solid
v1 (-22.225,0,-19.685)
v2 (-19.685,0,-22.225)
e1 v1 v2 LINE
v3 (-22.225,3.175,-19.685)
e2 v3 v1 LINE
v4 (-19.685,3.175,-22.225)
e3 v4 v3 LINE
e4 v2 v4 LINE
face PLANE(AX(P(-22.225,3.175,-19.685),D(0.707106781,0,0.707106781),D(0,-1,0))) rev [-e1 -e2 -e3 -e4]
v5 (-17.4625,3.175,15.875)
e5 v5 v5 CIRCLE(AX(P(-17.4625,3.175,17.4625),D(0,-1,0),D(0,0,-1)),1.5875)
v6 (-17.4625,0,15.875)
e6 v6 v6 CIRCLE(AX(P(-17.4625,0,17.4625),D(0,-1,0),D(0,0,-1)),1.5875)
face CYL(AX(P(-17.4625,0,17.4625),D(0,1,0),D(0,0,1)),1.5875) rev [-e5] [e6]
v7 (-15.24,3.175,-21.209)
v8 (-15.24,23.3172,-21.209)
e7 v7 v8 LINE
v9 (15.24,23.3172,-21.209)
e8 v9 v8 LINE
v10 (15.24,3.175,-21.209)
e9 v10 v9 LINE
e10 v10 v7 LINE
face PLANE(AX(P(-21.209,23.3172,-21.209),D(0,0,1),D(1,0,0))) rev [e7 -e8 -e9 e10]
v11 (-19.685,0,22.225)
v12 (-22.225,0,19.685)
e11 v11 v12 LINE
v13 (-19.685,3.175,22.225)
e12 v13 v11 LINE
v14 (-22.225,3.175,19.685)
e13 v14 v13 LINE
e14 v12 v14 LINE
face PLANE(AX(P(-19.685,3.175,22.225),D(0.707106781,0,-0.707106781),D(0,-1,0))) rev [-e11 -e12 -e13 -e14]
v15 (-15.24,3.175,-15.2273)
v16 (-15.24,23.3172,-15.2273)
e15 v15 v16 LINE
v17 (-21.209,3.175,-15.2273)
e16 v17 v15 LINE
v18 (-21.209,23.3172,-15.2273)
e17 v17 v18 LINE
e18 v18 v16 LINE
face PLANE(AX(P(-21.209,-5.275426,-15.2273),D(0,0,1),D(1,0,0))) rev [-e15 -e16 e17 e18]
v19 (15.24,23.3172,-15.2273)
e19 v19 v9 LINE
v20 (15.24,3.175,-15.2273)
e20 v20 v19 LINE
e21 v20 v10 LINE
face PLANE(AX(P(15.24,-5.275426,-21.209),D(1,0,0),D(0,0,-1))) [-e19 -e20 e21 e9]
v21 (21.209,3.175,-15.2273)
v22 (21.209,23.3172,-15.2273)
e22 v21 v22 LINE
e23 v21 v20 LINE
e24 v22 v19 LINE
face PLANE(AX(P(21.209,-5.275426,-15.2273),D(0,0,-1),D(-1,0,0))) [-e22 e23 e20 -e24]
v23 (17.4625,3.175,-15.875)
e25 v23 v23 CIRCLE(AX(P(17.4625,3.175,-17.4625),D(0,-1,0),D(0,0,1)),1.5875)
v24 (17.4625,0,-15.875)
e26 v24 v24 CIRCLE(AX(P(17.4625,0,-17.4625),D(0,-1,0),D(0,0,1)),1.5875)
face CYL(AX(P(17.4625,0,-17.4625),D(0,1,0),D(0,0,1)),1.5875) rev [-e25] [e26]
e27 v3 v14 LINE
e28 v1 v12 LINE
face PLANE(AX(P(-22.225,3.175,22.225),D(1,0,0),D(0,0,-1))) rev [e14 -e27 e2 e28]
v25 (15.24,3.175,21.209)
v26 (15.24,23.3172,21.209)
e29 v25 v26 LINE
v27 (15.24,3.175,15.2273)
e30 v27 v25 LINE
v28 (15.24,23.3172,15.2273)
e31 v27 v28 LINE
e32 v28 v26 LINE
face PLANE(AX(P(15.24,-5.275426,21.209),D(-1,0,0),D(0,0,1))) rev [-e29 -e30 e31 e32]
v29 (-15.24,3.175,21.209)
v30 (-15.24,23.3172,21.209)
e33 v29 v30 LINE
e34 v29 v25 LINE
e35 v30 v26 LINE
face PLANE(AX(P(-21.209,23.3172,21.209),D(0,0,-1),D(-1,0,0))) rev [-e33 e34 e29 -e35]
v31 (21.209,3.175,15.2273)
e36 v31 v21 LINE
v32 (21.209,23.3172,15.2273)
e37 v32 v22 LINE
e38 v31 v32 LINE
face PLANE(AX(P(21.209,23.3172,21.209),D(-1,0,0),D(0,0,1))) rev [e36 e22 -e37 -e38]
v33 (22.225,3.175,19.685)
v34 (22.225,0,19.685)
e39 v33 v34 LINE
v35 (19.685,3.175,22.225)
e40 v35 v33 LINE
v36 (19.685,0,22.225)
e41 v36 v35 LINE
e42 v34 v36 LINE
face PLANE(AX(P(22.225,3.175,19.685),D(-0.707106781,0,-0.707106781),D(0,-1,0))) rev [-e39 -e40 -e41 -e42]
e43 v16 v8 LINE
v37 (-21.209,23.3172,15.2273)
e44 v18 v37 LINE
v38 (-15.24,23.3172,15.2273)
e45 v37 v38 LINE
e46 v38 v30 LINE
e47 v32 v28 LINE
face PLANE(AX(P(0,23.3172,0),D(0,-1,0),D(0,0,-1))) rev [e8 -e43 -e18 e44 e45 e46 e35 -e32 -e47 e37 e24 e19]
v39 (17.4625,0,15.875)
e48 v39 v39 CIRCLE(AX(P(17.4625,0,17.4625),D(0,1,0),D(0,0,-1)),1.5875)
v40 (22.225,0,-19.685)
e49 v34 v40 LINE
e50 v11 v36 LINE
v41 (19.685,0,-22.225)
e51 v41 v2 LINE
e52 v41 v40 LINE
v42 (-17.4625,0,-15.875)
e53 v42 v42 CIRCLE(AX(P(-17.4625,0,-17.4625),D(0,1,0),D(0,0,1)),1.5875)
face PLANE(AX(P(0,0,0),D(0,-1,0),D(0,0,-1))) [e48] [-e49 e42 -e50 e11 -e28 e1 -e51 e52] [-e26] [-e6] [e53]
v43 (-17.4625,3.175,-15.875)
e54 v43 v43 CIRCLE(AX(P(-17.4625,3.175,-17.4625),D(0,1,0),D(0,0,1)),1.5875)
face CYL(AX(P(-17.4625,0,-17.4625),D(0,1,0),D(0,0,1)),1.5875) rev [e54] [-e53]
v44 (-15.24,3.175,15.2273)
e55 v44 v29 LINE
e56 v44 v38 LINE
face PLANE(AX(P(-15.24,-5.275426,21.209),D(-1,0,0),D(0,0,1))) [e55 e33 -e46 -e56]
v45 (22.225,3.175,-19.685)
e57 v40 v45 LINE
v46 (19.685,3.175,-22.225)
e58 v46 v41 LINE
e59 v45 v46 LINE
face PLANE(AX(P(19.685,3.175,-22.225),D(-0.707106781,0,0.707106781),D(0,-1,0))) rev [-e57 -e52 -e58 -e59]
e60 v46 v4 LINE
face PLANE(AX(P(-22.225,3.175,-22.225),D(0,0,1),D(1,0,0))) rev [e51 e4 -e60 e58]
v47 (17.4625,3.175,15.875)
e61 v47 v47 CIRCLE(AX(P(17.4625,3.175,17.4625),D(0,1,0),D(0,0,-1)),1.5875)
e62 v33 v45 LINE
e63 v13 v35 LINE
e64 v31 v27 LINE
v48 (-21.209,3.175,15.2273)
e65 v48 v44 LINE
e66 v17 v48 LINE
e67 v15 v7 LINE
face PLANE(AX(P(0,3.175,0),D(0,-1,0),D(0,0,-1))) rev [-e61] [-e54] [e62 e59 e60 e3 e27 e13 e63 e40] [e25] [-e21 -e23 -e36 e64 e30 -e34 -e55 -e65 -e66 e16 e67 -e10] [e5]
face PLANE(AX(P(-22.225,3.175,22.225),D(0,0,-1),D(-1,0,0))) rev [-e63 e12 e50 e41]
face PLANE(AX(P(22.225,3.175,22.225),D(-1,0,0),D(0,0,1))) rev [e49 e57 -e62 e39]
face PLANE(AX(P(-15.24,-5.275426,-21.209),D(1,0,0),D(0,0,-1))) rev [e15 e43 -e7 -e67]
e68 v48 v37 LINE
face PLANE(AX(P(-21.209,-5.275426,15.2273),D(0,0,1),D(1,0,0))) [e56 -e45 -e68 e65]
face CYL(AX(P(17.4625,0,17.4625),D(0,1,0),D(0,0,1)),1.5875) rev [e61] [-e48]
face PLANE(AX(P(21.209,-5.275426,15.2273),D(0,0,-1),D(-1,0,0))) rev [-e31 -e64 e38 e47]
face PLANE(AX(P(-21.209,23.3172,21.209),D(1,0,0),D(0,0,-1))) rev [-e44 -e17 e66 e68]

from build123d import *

# Parameters (mm, degrees)
SKETCH2_W                                  = 44.45
SKETCH2_H                                  = 44.45
BOSS_EXTRUDE1_DEPTH                        = 3.175
CHAMFER1_SIZE                              = 2.54
SKETCH3_R                                  = 1.5875
CUT_EXTRUDE1_DEPTH                         = 4.175
MIRROR2_COPY_1_SKETCH_R                    = 1.5875
MIRROR2_COPY_1_DEPTH                       = 4.175
SKETCH4_W                                  = 42.418
SKETCH4_H                                  = 42.418
BOSS_EXTRUDE2_DEPTH                        = 20.1422
SKETCH5_W                                  = 5.969
SKETCH5_H                                  = 5.9817
CUT_EXTRUDE2_DEPTH                         = 20.1422
MIRROR3_AT_THE_SECOND_PLANE_COPY_1_SKETC_W = 5.969
MIRROR3_AT_THE_SECOND_PLANE_COPY_1_SKETC_H = 5.9817
MIRROR3_AT_THE_SECOND_PLANE_COPY_1_DEPTH   = 20.1422


with BuildPart() as part:
    # Sketch2 → Boss-Extrude1 (new body)
    with BuildSketch(Plane(origin=(0, 0, 0), x_dir=(1, 0, 0), z_dir=(0, 1, 0))):
        Rectangle(SKETCH2_W, SKETCH2_H)
    extrude(amount=BOSS_EXTRUDE1_DEPTH)

    # Chamfer1
    chamfer1_edges = [part.edges().sort_by_distance(p)[0] for p in [
        (22.225, 1.5875, 22.225),
        (-22.225, 1.5875, 22.225),
        (-22.225, 1.5875, -22.225),
        (22.225, 1.5875, -22.225),
    ]]
    chamfer(chamfer1_edges, length=CHAMFER1_SIZE)

    # Sketch3 → Cut-Extrude1 (cut, through all)
    with BuildSketch(Plane(origin=(0, 3.175, 0), x_dir=(1, 0, 0), z_dir=(0, 1, 0))):
        with Locations((-17.4625, 17.4625)):
            Circle(SKETCH3_R)
    cut_extrude1 = extrude(amount=-CUT_EXTRUDE1_DEPTH, mode=Mode.SUBTRACT)

    # Mirror1: Cut-Extrude1 across plane
    add(cut_extrude1.mirror(Plane(origin=(0, 0, 0), x_dir=(0, 0, 1), z_dir=(1, 0, 0))), mode=Mode.SUBTRACT)

    # Mirror2: Cut-Extrude1 across plane
    add(cut_extrude1.mirror(Plane.XY), mode=Mode.SUBTRACT)

    # Mirror2 copy 1 sketch → Mirror2 copy 1 (cut, through all)
    with BuildSketch(Plane(origin=(0, 3.175, 0), x_dir=(-1, 0, 0), z_dir=(0, 1, 0))):
        with Locations((-17.4625, 17.4625)):
            Circle(MIRROR2_COPY_1_SKETCH_R)
    extrude(amount=-MIRROR2_COPY_1_DEPTH, mode=Mode.SUBTRACT)

    # Sketch4 → Boss-Extrude2 (add)
    with BuildSketch(Plane(origin=(0, 3.175, 0), x_dir=(1, 0, 0), z_dir=(0, 1, 0))):
        Rectangle(SKETCH4_W, SKETCH4_H)
    extrude(amount=BOSS_EXTRUDE2_DEPTH)

    # Sketch5 → Cut-Extrude2 (cut)
    with BuildSketch(Plane(origin=(0, 23.3172, 0), x_dir=(1, 0, 0), z_dir=(0, 1, 0))):
        with Locations((-18.2245, 18.21815)):
            Rectangle(SKETCH5_W, SKETCH5_H)
    cut_extrude2 = extrude(amount=-CUT_EXTRUDE2_DEPTH, mode=Mode.SUBTRACT)

    # Mirror3: Cut-Extrude2 across plane
    add(cut_extrude2.mirror(Plane(origin=(0, 0, 0), x_dir=(0, 0, 1), z_dir=(1, 0, 0))), mode=Mode.SUBTRACT)

    # Mirror3 at the second plane: Cut-Extrude2 across plane
    add(cut_extrude2.mirror(Plane.XY), mode=Mode.SUBTRACT)

    # Mirror3 at the second plane copy 1 sketc → Mirror3 at the second plane copy 1 (cut)
    with BuildSketch(Plane(origin=(0, 23.3172, 0), x_dir=(-1, 0, 0), z_dir=(0, 1, 0))):
        with Locations((-18.2245, 18.21815)):
            Rectangle(MIRROR3_AT_THE_SECOND_PLANE_COPY_1_SKETC_W, MIRROR3_AT_THE_SECOND_PLANE_COPY_1_SKETC_H)
    extrude(amount=-MIRROR3_AT_THE_SECOND_PLANE_COPY_1_DEPTH, mode=Mode.SUBTRACT)


solid = part.part
